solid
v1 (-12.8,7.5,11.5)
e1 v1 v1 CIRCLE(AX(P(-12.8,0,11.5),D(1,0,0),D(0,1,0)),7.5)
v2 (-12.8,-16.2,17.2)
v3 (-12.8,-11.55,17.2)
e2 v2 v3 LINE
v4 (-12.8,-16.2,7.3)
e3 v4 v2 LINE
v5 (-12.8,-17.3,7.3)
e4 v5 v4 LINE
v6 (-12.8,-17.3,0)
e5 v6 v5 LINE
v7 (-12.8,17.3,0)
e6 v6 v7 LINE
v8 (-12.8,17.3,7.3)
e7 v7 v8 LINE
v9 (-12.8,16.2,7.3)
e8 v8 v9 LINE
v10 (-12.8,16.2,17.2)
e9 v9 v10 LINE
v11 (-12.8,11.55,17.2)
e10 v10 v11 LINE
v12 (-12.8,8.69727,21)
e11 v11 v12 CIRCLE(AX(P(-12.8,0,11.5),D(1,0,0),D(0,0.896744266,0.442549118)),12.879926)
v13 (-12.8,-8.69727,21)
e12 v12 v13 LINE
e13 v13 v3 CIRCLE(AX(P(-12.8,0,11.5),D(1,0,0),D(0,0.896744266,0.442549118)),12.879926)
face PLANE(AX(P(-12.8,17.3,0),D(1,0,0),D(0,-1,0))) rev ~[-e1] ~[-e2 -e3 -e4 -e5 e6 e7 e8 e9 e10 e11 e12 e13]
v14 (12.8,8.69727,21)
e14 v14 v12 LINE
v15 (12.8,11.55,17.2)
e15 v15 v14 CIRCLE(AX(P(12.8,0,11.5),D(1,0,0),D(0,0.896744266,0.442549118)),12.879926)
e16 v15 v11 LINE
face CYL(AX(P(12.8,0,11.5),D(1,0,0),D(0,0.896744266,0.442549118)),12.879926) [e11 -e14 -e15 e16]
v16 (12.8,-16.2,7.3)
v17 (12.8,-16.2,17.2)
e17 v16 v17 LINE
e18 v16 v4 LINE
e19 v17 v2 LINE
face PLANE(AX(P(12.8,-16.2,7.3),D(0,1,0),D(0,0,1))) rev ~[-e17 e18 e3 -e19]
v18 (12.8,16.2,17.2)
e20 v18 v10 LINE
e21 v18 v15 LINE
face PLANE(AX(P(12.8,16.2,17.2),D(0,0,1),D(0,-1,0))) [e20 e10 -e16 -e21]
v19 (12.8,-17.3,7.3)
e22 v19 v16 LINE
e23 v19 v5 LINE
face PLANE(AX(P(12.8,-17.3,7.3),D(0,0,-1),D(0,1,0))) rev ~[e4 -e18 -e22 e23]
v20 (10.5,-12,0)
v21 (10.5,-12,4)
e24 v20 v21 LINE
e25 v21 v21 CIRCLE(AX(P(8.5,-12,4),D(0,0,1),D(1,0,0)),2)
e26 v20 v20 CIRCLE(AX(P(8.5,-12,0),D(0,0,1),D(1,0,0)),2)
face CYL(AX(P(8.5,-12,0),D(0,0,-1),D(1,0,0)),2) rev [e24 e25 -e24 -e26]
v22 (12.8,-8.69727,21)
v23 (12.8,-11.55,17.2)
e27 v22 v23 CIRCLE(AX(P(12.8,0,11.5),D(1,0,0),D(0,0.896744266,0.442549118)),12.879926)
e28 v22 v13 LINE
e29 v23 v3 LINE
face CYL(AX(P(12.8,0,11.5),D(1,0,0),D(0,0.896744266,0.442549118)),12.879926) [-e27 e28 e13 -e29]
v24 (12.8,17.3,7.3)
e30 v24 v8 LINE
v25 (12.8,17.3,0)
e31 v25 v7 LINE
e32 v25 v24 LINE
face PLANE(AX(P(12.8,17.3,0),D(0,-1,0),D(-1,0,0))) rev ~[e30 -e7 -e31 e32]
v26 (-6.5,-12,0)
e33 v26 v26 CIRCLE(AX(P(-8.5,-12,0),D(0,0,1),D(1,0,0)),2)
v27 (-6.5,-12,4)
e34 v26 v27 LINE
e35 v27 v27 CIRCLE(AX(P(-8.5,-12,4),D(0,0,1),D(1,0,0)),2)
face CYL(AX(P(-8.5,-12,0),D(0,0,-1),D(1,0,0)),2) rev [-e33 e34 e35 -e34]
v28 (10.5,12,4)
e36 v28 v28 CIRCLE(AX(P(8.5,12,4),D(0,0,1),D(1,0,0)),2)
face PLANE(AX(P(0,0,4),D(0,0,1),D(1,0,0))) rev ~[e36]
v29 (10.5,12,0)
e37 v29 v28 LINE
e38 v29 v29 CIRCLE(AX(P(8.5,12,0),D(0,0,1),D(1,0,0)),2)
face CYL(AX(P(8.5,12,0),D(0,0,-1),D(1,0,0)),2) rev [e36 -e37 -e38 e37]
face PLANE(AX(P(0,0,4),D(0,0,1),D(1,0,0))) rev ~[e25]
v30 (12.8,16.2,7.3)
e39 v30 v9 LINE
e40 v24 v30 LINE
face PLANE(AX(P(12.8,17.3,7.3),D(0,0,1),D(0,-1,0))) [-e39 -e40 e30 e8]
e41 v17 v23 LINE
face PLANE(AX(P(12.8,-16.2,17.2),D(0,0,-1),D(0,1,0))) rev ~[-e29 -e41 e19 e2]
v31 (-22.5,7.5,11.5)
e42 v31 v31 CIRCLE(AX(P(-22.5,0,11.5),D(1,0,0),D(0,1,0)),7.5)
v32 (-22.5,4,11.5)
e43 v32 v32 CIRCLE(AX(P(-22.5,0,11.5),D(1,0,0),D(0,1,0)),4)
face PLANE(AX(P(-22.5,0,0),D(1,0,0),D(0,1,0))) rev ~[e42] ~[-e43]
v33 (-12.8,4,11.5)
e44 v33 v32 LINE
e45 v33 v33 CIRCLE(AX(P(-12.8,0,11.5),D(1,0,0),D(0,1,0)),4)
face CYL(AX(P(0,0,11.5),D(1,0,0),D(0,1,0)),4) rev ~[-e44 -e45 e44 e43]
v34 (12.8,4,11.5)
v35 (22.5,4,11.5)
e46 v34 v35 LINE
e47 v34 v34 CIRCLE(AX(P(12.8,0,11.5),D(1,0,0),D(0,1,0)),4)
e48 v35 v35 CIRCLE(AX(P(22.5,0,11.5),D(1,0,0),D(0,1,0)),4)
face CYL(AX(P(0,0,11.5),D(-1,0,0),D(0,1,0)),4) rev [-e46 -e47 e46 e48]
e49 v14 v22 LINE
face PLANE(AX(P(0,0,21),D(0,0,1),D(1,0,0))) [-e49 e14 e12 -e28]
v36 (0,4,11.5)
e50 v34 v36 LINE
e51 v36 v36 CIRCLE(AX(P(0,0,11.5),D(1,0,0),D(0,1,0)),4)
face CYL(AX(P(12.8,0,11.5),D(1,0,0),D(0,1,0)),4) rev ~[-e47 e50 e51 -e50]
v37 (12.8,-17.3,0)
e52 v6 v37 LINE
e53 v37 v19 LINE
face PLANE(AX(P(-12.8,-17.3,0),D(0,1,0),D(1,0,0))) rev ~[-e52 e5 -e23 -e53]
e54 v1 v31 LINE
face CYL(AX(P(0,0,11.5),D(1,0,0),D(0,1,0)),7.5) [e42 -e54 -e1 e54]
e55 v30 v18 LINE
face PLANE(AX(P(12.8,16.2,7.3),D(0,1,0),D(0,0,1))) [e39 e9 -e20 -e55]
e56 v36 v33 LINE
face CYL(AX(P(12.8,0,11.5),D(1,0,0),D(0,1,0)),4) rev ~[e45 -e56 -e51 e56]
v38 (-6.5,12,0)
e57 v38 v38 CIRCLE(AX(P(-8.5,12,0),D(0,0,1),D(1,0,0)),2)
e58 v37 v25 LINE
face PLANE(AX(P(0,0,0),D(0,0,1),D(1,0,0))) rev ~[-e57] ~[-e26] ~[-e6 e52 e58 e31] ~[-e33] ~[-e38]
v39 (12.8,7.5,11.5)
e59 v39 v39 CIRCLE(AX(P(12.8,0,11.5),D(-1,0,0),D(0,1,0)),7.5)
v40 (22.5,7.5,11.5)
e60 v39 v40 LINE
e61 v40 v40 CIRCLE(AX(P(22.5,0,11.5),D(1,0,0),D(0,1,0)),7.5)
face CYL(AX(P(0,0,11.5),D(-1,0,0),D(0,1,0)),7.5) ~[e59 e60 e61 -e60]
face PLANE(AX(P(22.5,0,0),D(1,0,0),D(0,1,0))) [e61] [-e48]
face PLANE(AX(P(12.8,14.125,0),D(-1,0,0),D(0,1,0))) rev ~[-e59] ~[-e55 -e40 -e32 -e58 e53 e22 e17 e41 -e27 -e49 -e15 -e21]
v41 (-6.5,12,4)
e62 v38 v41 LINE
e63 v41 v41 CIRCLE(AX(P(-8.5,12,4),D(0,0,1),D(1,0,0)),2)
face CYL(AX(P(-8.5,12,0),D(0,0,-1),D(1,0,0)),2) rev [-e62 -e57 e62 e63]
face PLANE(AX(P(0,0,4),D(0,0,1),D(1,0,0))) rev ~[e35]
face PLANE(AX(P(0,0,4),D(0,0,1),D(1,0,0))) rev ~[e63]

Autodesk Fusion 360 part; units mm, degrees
sketch "Base" plane through (0, 0, 0) normal (0, 0, 1) x (1, 0, 0) in component "X Bearing Blocks"
  line L0 (12.8, 17.3) -> (-12.8, 17.3)
  line L1 (-12.8, 17.3) -> (-12.8, -17.3)
  line L2 (-12.8, -17.3) -> (12.8, -17.3)
  line L3 (12.8, -17.3) -> (12.8, 17.3)
  line L4 (12.8, 17.3) -> (-12.8, -17.3) construction
  line L5 (-12.8, 17.3) -> (12.8, -17.3) construction
  line L6 (-12.8, 0) -> (12.8, 0) construction
  line L7 (-12.8, 14.125) -> (12.8, 14.125)
  line L8 (-12.8, 9.875) -> (12.8, 9.875)
  line L9 (-12.8, 12) -> (12.8, 12) construction
  circle A0 centre (-8.5, 12) radius 2
  circle A1 centre (8.5, 12) radius 2
  line L10 (0, 17.3) -> (0, -17.3) construction
  line L11 (-12.8, -14.125) -> (12.8, -14.125)
  circle A2 centre (-8.5, -12) radius 2
  circle A3 centre (8.5, -12) radius 2
  line L12 (-12.8, -9.875) -> (12.8, -9.875)
  dimension "d484_1" = 25.6
  dimension "d485_1" = 34.6
  dimension "d489_1" = 4
  dimension "d490_1" = 4
  dimension "d491_1" = 12
  dimension "d492_1" = 17
  dimension "d493_1" = 8.5
  dimension "d495_1" = 2.125
  dimension "d496_1" = 2.125
extrude "Extrude1" add sketch "Base" along normal blind 21 contours L0 L1 L3 L7 | L1 L3 L7 L8 | L1 L3 L8 L12 | L1 L3 L11 L12 | L1 L2 L3 L11 | A0 | A1 | A2 | A3 in component "X Bearing Blocks"
sketch "Face" plane through (12.8, 0, 0) normal (1, 0, 0) x (0, 1, 0) in component "X Bearing Blocks"
  line L0 (-17.3, 0) -> (17.3, 0)
  line L1 (17.3, 0) -> (17.3, 21)
  line L2 (17.3, 21) -> (-17.3, 21)
  line L3 (-17.3, 21) -> (-17.3, 0)
  line L4 (0, 0) -> (0, 21) construction
  circle A0 centre (0, 11.5) radius 7.5
  circle A1 centre (0, 11.5) radius 4
  line L5 (-17.3, 0) -> (-17.3, 7.3)
  line L6 (-17.3, 7.3) -> (-16.2, 7.3)
  line L7 (-16.2, 7.3) -> (-16.2, 17.2)
  line L8 (-16.2, 17.2) -> (-11.55, 17.2)
  line L9 (17.3, 0) -> (17.3, 7.3)
  line L10 (17.3, 7.3) -> (16.2, 7.3)
  line L11 (16.2, 7.3) -> (16.2, 17.2)
  line L12 (16.2, 17.2) -> (11.55, 17.2)
  arc A2 (11.55, 17.2) -> (-11.55, 17.2) centre (0, 11.5) ccw
  dimension "d499_1" = 15
  dimension "d500_1" = 8
  dimension "d501_1" = 11.5
  dimension "d504_1" = 1.1
  dimension "d505_1" = 7.3
  dimension "d506_1" = 5.75
  dimension "d507_1" = 17.2
extrude "Extrude2" cut sketch "Face" against normal blind 25.6 contours L2 L3 L6 L7 L8 A2 | L1 L2 L10 L11 L12 A2 | A1 in component "X Bearing Blocks"
extrude "Extrude3" add sketch "Face" along normal mid plane 45 from surface at -12.8 contours A0 in component "X Bearing Blocks"
extrude "Extrude4" cut sketch "Base" along normal blind 4 contours A0 | A1 | A2 | A3 in component "X Bearing Blocks"
thread "Thread1" in component "X Bearing Blocks"
thread "Thread2" in component "X Bearing Blocks"
thread "Thread3" in component "X Bearing Blocks"
thread "Thread4" in component "X Bearing Blocks"
component "X Bearing Blocks" placed x (1, 0, 0) y (0, 1, 0) z (0, 0, 1) at (0, 0, 0)
equation "d197_1 = 4 mm"
equation "d198_1 = 6.00 mm"
equation "d199_1 = 6.00 mm"
equation "d200_1 = 4.00 mm"
equation "d201_1 = 12 mm"
equation "d202_1 = 90.0 deg"
equation "d203_1 = 12 mm"
equation "d204_1 = 90.0 deg"
equation "d205_1 = 12 mm"
equation "d206_1 = 90.0 deg"
equation "d207_1 = 51 mm"
equation "d209_1 = 51 mm"
equation "d210_1 = 12 mm"
equation "d211_1 = 90.0 deg"
equation "d212_1 = 30.0 mm"
equation "d213_1 = 30.00 mm"
equation "d214_1 = 12 mm"
equation "d215_1 = 90.0 deg"
equation "d216_1 = 12 mm"
equation "d217_1 = 90.0 deg"
equation "d218_1 = 2 mm"
equation "d225_1 = ( 3.6 / 2 ) * 1 mm"
equation "d227_1 = -1.5875 mm"
equation "d228_1 = 0.0 deg"
equation "d229_1 = 5.00 mm"
equation "d250_1 = 1.5875 mm"
equation "d251_1 = 0.0 deg"
equation "d253_1 = 21 mm + ( ( 39 / 2 ) * 1 mm )"
equation "d260_1 = 360.0 deg"
equation "d261_1 = -1.5875 mm"
equation "d262_1 = 0.0 deg"
equation "d284_1 = -1.588 mm"
equation "d285_1 = 0.0 deg"
equation "d286_1 = 0.00 mm"
equation "d287_1 = 1.588 mm"
equation "d288_1 = 0.0 deg"
equation "d301_1 = -1.588 mm"
equation "d302_1 = 0.0 deg"
equation "d342_1 = ( 17 / 2 ) * 1 mm"
equation "d343_1 = ( 17 / 2 ) * 1 mm"
equation "d386_1 = 0.00 mm"
equation "d387_1 = 19.7 mm"
equation "d388_1 = 0.0 deg"
equation "d389_1 = 0.00 mm"
equation "d390_1 = 6 mm"
equation "d391_1 = 0.0 deg"
equation "d400_1 = ( 92 / 2 ) * 1 mm"
equation "d407_1 = 0.00 mm"
equation "d408_1 = 9 mm"
equation "d409_1 = 0.0 deg"
equation "d410_1 = 1.588 mm"
equation "d411_1 = 0.0 deg"
equation "d433_1 = ( 92 / 2 ) * 1 mm"
equation "d448_1 = 0.00 mm"
equation "d449_1 = 0.00 mm"
equation "d450_1 = 0.00 mm"
equation "d451_1 = 0.0 deg"
equation "d452_1 = 0.00 mm"
equation "d453_1 = 0.00 mm"
equation "d454_1 = 0.00 mm"
equation "d455_1 = 0.0 deg"
equation "d456_1 = 90 deg"
equation "d457_1 = 0.00 mm"
equation "d458_1 = 0.00 mm"
equation "d459_1 = 0.00 mm"
equation "d460_1 = 0.00 mm"
equation "d461_1 = 0.00 mm"
equation "d462_1 = 0.00 mm"
equation "d463_1 = 0.0 deg"
equation "d464_1 = 0.00 mm"
equation "d465_1 = 0.00 mm"
equation "d466_1 = 0.00 mm"
equation "d467_1 = 0.0 deg"
equation "d468_1 = -90 deg"
equation "d469_1 = 0.00 mm"
equation "d470_1 = 0.00 mm"
equation "d471_1 = 0.00 mm"
equation "d491_1 = ( 24 / 2 ) * 1 mm"
equation "d493_1 = ( 17 / 2 ) * 1 mm"
equation "d495_1 = ( 4.25 / 2 ) * 1 mm"
equation "d496_1 = ( 4.25 / 2 ) * 1 mm"
equation "d497_1 = 21 mm"
equation "d498_1 = 0.0 deg"
equation "d501_1 = ( 15 / 2 ) * 1 mm + 4 mm"
equation "d508_1 = 0.0 deg"
equation "d509_1 = -25.60 mm"
equation "d510_1 = ( 45 / 2 ) * 1 mm"
equation "d511_1 = 0.0 deg"
equation "d512_1 = 0.00 mm"
equation "d513_1 = 4.00 mm"
equation "d514_1 = 0.0 deg"
equation "d515_1 = 0.00 mm"
equation "d516_1 = 0.00 mm"
equation "d517_1 = 0.00 mm"
equation "d518_1 = 0.0 deg"
equation "d519_1 = 0.00 mm"
equation "d520_1 = 0.00 mm"
equation "d521_1 = 0.00 mm"
equation "d522_1 = 0.0 deg"
equation "d523_1 = 90 deg"
equation "d524_1 = 0.00 mm"
equation "d525_1 = 0.00 mm"
equation "d526_1 = 0.00 mm"
equation "d527_1 = 0.00 mm"
equation "d528_1 = 0.00 mm"
equation "d529_1 = 0.00 mm"
equation "d530_1 = 0.0 deg"
equation "d531_1 = 0.00 mm"
equation "d532_1 = 0.00 mm"
equation "d533_1 = 0.00 mm"
equation "d534_1 = 0.0 deg"
equation "d535_1 = 90 deg"
equation "d536_1 = 0.00 mm"
equation "d537_1 = 0.00 mm"
equation "d538_1 = 0.00 mm"
equation "d539_1 = 0.00 mm"
equation "d540_1 = 0.00 mm"
equation "d541_1 = 0.00 mm"
equation "d542_1 = 0.0 deg"
equation "d543_1 = 0.00 mm"
equation "d544_1 = 0.00 mm"
equation "d545_1 = 0.00 mm"
equation "d546_1 = 0.0 deg"
equation "d547_1 = 0.0 deg"
equation "d548_1 = 0.00 mm"
equation "d549_1 = 0.00 mm"
equation "d550_1 = 0.00 mm"
equation "d587_1 = 0.00 mm"
equation "d588_1 = 0.00 mm"
equation "d589_1 = 0.00 mm"
equation "d590_1 = 0.0 deg"
equation "d491_1 = ( 24 / 2 ) * 1 mm"
equation "d493_1 = ( 17 / 2 ) * 1 mm"
equation "d495_1 = ( 4.25 / 2 ) * 1 mm"
equation "d496_1 = ( 4.25 / 2 ) * 1 mm"
equation "d501_1 = ( 15 / 2 ) * 1 mm + 4 mm"
equation "d510_1 = ( 45 / 2 ) * 1 mm"
